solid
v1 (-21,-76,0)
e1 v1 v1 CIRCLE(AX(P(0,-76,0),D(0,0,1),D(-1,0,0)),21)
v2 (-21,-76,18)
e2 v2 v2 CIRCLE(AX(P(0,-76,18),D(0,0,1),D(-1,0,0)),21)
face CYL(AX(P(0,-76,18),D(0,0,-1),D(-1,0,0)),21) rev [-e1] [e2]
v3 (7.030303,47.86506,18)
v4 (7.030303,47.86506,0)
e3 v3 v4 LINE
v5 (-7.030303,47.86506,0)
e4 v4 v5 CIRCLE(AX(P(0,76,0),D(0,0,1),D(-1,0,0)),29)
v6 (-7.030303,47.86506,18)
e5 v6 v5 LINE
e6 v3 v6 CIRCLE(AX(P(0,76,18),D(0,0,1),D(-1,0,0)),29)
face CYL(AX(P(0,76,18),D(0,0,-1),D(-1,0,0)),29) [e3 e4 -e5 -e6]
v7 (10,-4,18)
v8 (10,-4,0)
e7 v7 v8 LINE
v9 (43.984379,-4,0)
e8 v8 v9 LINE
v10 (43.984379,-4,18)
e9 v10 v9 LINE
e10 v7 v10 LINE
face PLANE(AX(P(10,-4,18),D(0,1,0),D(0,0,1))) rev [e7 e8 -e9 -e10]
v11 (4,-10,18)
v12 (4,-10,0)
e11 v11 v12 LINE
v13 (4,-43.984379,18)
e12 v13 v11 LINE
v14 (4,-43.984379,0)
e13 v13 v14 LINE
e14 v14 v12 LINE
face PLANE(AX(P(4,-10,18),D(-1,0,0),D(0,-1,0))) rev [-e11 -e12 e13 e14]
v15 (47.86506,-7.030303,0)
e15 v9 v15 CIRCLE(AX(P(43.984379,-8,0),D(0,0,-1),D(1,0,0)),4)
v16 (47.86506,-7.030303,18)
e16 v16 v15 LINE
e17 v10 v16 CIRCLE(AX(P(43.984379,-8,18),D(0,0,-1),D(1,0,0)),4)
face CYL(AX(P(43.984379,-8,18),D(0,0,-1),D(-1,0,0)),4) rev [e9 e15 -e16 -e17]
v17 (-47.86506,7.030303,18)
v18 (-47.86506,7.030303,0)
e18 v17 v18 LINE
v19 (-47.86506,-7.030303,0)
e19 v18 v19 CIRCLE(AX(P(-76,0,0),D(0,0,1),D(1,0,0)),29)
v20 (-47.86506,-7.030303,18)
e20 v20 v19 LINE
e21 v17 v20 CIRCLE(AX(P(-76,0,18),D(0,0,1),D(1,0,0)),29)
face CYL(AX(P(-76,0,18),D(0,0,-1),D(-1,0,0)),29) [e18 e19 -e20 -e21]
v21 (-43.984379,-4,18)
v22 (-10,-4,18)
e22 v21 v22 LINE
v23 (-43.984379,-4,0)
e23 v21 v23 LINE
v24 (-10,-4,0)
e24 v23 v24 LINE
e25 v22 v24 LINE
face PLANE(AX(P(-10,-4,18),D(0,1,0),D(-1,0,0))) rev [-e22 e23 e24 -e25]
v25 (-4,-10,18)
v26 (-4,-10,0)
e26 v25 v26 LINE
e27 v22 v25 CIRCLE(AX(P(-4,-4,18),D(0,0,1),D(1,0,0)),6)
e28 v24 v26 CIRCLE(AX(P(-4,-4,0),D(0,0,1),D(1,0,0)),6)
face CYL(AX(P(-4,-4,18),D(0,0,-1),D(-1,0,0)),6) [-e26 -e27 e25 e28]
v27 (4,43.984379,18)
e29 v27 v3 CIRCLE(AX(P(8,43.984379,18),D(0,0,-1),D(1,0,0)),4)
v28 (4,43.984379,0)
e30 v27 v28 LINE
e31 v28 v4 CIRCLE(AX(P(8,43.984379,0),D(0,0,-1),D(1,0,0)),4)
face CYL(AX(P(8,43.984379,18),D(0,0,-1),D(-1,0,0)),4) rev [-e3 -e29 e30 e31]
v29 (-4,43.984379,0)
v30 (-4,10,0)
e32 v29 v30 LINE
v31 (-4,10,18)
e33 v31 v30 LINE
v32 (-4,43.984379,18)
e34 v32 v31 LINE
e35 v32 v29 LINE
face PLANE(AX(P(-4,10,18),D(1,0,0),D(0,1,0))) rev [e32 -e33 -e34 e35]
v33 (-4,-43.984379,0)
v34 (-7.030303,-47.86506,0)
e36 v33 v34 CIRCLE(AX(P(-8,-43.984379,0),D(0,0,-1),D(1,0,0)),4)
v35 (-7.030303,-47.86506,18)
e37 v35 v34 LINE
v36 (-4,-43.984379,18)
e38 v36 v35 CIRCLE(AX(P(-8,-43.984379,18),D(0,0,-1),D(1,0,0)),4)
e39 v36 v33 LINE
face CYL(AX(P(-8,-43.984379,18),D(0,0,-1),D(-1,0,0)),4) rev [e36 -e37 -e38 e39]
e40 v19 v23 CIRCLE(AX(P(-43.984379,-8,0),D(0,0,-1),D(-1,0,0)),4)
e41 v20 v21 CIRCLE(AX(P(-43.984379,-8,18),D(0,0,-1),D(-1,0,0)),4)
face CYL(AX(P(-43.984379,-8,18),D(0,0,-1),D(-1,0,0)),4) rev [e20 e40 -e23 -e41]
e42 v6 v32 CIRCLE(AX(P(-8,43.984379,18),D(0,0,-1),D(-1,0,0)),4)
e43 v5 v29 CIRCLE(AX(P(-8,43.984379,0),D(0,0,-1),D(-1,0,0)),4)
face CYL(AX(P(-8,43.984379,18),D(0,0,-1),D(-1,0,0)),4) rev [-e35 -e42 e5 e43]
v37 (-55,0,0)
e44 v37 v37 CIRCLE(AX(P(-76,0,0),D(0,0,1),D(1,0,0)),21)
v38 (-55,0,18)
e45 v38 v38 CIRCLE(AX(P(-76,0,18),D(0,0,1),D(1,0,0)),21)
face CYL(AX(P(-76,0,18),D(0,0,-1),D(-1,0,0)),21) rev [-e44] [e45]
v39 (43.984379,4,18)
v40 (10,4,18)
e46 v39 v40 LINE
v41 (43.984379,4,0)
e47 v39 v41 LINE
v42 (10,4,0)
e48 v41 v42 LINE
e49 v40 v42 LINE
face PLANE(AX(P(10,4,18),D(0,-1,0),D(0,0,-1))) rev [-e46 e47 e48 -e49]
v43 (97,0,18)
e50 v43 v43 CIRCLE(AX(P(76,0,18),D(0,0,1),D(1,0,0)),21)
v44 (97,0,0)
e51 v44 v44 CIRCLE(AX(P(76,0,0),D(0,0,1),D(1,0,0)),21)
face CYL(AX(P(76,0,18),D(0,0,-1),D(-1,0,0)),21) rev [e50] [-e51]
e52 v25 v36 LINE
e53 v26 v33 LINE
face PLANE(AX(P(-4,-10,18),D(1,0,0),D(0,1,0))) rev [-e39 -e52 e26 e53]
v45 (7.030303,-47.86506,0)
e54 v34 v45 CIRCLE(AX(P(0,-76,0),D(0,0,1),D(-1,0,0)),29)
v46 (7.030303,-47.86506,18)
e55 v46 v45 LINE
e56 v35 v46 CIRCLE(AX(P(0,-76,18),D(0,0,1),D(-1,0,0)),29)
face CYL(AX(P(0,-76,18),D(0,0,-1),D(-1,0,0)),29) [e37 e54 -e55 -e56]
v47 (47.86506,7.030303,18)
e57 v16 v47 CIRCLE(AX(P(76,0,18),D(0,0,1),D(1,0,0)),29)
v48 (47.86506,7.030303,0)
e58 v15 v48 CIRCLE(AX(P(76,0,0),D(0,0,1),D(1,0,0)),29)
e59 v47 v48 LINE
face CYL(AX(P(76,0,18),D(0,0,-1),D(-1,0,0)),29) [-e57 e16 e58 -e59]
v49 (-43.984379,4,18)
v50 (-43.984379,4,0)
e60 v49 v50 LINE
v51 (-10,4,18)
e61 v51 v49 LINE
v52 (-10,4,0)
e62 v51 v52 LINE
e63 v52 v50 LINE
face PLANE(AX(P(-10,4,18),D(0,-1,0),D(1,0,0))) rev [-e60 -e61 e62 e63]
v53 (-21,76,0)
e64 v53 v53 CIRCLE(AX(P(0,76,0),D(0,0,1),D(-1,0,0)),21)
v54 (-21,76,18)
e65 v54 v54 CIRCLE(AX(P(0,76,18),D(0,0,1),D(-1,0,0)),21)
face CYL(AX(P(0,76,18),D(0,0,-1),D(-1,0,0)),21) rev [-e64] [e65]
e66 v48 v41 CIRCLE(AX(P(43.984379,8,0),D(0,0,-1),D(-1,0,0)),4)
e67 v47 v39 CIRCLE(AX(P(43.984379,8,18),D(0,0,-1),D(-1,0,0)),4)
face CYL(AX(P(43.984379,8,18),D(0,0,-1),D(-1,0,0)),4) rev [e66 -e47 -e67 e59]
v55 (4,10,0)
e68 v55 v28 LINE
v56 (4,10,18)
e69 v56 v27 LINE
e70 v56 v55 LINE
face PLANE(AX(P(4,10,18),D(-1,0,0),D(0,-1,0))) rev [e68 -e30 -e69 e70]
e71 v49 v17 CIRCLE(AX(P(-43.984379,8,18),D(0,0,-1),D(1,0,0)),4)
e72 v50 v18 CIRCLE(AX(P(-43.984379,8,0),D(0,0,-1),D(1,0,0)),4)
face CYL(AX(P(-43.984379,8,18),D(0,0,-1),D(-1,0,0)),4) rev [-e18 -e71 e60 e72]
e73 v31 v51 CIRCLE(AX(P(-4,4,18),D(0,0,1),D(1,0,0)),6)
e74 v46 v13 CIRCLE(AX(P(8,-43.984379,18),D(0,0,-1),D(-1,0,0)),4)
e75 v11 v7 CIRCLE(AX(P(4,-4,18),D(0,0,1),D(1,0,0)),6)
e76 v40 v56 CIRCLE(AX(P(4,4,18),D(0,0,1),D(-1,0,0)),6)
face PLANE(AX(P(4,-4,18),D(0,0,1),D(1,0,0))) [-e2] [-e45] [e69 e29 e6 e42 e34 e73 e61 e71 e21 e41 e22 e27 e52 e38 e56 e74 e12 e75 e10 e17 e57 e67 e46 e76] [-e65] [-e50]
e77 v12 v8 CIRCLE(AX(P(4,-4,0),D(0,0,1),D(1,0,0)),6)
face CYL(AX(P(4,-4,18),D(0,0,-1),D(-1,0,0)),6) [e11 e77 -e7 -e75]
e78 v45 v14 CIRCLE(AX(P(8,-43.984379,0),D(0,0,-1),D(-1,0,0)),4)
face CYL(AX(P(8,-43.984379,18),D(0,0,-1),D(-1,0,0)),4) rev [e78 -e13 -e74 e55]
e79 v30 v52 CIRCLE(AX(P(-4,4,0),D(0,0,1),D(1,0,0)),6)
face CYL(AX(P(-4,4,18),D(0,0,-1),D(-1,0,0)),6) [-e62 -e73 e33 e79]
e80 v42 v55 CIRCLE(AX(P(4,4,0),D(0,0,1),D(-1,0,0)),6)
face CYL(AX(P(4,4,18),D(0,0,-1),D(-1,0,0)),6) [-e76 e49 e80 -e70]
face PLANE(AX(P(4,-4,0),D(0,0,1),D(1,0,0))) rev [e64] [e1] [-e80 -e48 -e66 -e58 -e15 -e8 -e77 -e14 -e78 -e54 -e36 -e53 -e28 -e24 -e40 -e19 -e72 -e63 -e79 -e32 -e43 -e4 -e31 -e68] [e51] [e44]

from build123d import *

# Parameters (mm, degrees)
SKETCH2_R           = 21
BOSS_EXTRUDE1_DEPTH = 18


with BuildPart() as part:
    # Sketch2 → Boss-Extrude1 (new body)
    with BuildSketch(Plane.XY):
        with BuildLine():
            Line((10, 4), (43.984378813, 4))
            ThreePointArc((43.984378813, 4), (46.446208632, 4.847319563), (47.865060169, 7.03030303))
            ThreePointArc((47.865060169, 7.03030303), (105, 0), (47.865060169, -7.03030303))
            ThreePointArc((47.865060169, -7.03030303), (46.446208632, -4.847319563), (43.984378813, -4))
            Line((43.984378813, -4), (10, -4))
            ThreePointArc((10, -4), (8.242640687, -8.242640687), (4, -10))
            Line((4, -10), (4, -43.984378813))
            ThreePointArc((4, -43.984378813), (4.847319563, -46.446208632), (7.03030303, -47.865060169))
            ThreePointArc((7.03030303, -47.865060169), (0, -105), (-7.03030303, -47.865060169))
            ThreePointArc((-7.03030303, -47.865060169), (-4.847319563, -46.446208632), (-4, -43.984378813))
            Line((-4, -43.984378813), (-4, -10))
            ThreePointArc((-4, -10), (-8.242640687, -8.242640687), (-10, -4))
            Line((-10, -4), (-43.984378813, -4))
            ThreePointArc((-43.984378813, -4), (-46.446208632, -4.847319563), (-47.865060169, -7.03030303))
            ThreePointArc((-47.865060169, -7.03030303), (-105, 0), (-47.865060169, 7.03030303))
            ThreePointArc((-47.865060169, 7.03030303), (-46.446208632, 4.847319563), (-43.984378813, 4))
            Line((-43.984378813, 4), (-10, 4))
            ThreePointArc((-10, 4), (-8.242640687, 8.242640687), (-4, 10))
            Line((-4, 10), (-4, 43.984378813))
            ThreePointArc((-4, 43.984378813), (-4.847319563, 46.446208632), (-7.03030303, 47.865060169))
            ThreePointArc((-7.03030303, 47.865060169), (0, 105), (7.03030303, 47.865060169))
            ThreePointArc((7.03030303, 47.865060169), (4.847319563, 46.446208632), (4, 43.984378813))
            Line((4, 43.984378813), (4, 10))
            ThreePointArc((4, 10), (8.242640687, 8.242640687), (10, 4))
        make_face()
        with Locations((76, 0)):
            Circle(SKETCH2_R, mode=Mode.SUBTRACT)
        with Locations((0, -76)):
            Circle(SKETCH2_R, mode=Mode.SUBTRACT)
        with Locations((-76, 0)):
            Circle(SKETCH2_R, mode=Mode.SUBTRACT)
        with Locations((0, 76)):
            Circle(SKETCH2_R, mode=Mode.SUBTRACT)
    extrude(amount=BOSS_EXTRUDE1_DEPTH)


solid = part.part
